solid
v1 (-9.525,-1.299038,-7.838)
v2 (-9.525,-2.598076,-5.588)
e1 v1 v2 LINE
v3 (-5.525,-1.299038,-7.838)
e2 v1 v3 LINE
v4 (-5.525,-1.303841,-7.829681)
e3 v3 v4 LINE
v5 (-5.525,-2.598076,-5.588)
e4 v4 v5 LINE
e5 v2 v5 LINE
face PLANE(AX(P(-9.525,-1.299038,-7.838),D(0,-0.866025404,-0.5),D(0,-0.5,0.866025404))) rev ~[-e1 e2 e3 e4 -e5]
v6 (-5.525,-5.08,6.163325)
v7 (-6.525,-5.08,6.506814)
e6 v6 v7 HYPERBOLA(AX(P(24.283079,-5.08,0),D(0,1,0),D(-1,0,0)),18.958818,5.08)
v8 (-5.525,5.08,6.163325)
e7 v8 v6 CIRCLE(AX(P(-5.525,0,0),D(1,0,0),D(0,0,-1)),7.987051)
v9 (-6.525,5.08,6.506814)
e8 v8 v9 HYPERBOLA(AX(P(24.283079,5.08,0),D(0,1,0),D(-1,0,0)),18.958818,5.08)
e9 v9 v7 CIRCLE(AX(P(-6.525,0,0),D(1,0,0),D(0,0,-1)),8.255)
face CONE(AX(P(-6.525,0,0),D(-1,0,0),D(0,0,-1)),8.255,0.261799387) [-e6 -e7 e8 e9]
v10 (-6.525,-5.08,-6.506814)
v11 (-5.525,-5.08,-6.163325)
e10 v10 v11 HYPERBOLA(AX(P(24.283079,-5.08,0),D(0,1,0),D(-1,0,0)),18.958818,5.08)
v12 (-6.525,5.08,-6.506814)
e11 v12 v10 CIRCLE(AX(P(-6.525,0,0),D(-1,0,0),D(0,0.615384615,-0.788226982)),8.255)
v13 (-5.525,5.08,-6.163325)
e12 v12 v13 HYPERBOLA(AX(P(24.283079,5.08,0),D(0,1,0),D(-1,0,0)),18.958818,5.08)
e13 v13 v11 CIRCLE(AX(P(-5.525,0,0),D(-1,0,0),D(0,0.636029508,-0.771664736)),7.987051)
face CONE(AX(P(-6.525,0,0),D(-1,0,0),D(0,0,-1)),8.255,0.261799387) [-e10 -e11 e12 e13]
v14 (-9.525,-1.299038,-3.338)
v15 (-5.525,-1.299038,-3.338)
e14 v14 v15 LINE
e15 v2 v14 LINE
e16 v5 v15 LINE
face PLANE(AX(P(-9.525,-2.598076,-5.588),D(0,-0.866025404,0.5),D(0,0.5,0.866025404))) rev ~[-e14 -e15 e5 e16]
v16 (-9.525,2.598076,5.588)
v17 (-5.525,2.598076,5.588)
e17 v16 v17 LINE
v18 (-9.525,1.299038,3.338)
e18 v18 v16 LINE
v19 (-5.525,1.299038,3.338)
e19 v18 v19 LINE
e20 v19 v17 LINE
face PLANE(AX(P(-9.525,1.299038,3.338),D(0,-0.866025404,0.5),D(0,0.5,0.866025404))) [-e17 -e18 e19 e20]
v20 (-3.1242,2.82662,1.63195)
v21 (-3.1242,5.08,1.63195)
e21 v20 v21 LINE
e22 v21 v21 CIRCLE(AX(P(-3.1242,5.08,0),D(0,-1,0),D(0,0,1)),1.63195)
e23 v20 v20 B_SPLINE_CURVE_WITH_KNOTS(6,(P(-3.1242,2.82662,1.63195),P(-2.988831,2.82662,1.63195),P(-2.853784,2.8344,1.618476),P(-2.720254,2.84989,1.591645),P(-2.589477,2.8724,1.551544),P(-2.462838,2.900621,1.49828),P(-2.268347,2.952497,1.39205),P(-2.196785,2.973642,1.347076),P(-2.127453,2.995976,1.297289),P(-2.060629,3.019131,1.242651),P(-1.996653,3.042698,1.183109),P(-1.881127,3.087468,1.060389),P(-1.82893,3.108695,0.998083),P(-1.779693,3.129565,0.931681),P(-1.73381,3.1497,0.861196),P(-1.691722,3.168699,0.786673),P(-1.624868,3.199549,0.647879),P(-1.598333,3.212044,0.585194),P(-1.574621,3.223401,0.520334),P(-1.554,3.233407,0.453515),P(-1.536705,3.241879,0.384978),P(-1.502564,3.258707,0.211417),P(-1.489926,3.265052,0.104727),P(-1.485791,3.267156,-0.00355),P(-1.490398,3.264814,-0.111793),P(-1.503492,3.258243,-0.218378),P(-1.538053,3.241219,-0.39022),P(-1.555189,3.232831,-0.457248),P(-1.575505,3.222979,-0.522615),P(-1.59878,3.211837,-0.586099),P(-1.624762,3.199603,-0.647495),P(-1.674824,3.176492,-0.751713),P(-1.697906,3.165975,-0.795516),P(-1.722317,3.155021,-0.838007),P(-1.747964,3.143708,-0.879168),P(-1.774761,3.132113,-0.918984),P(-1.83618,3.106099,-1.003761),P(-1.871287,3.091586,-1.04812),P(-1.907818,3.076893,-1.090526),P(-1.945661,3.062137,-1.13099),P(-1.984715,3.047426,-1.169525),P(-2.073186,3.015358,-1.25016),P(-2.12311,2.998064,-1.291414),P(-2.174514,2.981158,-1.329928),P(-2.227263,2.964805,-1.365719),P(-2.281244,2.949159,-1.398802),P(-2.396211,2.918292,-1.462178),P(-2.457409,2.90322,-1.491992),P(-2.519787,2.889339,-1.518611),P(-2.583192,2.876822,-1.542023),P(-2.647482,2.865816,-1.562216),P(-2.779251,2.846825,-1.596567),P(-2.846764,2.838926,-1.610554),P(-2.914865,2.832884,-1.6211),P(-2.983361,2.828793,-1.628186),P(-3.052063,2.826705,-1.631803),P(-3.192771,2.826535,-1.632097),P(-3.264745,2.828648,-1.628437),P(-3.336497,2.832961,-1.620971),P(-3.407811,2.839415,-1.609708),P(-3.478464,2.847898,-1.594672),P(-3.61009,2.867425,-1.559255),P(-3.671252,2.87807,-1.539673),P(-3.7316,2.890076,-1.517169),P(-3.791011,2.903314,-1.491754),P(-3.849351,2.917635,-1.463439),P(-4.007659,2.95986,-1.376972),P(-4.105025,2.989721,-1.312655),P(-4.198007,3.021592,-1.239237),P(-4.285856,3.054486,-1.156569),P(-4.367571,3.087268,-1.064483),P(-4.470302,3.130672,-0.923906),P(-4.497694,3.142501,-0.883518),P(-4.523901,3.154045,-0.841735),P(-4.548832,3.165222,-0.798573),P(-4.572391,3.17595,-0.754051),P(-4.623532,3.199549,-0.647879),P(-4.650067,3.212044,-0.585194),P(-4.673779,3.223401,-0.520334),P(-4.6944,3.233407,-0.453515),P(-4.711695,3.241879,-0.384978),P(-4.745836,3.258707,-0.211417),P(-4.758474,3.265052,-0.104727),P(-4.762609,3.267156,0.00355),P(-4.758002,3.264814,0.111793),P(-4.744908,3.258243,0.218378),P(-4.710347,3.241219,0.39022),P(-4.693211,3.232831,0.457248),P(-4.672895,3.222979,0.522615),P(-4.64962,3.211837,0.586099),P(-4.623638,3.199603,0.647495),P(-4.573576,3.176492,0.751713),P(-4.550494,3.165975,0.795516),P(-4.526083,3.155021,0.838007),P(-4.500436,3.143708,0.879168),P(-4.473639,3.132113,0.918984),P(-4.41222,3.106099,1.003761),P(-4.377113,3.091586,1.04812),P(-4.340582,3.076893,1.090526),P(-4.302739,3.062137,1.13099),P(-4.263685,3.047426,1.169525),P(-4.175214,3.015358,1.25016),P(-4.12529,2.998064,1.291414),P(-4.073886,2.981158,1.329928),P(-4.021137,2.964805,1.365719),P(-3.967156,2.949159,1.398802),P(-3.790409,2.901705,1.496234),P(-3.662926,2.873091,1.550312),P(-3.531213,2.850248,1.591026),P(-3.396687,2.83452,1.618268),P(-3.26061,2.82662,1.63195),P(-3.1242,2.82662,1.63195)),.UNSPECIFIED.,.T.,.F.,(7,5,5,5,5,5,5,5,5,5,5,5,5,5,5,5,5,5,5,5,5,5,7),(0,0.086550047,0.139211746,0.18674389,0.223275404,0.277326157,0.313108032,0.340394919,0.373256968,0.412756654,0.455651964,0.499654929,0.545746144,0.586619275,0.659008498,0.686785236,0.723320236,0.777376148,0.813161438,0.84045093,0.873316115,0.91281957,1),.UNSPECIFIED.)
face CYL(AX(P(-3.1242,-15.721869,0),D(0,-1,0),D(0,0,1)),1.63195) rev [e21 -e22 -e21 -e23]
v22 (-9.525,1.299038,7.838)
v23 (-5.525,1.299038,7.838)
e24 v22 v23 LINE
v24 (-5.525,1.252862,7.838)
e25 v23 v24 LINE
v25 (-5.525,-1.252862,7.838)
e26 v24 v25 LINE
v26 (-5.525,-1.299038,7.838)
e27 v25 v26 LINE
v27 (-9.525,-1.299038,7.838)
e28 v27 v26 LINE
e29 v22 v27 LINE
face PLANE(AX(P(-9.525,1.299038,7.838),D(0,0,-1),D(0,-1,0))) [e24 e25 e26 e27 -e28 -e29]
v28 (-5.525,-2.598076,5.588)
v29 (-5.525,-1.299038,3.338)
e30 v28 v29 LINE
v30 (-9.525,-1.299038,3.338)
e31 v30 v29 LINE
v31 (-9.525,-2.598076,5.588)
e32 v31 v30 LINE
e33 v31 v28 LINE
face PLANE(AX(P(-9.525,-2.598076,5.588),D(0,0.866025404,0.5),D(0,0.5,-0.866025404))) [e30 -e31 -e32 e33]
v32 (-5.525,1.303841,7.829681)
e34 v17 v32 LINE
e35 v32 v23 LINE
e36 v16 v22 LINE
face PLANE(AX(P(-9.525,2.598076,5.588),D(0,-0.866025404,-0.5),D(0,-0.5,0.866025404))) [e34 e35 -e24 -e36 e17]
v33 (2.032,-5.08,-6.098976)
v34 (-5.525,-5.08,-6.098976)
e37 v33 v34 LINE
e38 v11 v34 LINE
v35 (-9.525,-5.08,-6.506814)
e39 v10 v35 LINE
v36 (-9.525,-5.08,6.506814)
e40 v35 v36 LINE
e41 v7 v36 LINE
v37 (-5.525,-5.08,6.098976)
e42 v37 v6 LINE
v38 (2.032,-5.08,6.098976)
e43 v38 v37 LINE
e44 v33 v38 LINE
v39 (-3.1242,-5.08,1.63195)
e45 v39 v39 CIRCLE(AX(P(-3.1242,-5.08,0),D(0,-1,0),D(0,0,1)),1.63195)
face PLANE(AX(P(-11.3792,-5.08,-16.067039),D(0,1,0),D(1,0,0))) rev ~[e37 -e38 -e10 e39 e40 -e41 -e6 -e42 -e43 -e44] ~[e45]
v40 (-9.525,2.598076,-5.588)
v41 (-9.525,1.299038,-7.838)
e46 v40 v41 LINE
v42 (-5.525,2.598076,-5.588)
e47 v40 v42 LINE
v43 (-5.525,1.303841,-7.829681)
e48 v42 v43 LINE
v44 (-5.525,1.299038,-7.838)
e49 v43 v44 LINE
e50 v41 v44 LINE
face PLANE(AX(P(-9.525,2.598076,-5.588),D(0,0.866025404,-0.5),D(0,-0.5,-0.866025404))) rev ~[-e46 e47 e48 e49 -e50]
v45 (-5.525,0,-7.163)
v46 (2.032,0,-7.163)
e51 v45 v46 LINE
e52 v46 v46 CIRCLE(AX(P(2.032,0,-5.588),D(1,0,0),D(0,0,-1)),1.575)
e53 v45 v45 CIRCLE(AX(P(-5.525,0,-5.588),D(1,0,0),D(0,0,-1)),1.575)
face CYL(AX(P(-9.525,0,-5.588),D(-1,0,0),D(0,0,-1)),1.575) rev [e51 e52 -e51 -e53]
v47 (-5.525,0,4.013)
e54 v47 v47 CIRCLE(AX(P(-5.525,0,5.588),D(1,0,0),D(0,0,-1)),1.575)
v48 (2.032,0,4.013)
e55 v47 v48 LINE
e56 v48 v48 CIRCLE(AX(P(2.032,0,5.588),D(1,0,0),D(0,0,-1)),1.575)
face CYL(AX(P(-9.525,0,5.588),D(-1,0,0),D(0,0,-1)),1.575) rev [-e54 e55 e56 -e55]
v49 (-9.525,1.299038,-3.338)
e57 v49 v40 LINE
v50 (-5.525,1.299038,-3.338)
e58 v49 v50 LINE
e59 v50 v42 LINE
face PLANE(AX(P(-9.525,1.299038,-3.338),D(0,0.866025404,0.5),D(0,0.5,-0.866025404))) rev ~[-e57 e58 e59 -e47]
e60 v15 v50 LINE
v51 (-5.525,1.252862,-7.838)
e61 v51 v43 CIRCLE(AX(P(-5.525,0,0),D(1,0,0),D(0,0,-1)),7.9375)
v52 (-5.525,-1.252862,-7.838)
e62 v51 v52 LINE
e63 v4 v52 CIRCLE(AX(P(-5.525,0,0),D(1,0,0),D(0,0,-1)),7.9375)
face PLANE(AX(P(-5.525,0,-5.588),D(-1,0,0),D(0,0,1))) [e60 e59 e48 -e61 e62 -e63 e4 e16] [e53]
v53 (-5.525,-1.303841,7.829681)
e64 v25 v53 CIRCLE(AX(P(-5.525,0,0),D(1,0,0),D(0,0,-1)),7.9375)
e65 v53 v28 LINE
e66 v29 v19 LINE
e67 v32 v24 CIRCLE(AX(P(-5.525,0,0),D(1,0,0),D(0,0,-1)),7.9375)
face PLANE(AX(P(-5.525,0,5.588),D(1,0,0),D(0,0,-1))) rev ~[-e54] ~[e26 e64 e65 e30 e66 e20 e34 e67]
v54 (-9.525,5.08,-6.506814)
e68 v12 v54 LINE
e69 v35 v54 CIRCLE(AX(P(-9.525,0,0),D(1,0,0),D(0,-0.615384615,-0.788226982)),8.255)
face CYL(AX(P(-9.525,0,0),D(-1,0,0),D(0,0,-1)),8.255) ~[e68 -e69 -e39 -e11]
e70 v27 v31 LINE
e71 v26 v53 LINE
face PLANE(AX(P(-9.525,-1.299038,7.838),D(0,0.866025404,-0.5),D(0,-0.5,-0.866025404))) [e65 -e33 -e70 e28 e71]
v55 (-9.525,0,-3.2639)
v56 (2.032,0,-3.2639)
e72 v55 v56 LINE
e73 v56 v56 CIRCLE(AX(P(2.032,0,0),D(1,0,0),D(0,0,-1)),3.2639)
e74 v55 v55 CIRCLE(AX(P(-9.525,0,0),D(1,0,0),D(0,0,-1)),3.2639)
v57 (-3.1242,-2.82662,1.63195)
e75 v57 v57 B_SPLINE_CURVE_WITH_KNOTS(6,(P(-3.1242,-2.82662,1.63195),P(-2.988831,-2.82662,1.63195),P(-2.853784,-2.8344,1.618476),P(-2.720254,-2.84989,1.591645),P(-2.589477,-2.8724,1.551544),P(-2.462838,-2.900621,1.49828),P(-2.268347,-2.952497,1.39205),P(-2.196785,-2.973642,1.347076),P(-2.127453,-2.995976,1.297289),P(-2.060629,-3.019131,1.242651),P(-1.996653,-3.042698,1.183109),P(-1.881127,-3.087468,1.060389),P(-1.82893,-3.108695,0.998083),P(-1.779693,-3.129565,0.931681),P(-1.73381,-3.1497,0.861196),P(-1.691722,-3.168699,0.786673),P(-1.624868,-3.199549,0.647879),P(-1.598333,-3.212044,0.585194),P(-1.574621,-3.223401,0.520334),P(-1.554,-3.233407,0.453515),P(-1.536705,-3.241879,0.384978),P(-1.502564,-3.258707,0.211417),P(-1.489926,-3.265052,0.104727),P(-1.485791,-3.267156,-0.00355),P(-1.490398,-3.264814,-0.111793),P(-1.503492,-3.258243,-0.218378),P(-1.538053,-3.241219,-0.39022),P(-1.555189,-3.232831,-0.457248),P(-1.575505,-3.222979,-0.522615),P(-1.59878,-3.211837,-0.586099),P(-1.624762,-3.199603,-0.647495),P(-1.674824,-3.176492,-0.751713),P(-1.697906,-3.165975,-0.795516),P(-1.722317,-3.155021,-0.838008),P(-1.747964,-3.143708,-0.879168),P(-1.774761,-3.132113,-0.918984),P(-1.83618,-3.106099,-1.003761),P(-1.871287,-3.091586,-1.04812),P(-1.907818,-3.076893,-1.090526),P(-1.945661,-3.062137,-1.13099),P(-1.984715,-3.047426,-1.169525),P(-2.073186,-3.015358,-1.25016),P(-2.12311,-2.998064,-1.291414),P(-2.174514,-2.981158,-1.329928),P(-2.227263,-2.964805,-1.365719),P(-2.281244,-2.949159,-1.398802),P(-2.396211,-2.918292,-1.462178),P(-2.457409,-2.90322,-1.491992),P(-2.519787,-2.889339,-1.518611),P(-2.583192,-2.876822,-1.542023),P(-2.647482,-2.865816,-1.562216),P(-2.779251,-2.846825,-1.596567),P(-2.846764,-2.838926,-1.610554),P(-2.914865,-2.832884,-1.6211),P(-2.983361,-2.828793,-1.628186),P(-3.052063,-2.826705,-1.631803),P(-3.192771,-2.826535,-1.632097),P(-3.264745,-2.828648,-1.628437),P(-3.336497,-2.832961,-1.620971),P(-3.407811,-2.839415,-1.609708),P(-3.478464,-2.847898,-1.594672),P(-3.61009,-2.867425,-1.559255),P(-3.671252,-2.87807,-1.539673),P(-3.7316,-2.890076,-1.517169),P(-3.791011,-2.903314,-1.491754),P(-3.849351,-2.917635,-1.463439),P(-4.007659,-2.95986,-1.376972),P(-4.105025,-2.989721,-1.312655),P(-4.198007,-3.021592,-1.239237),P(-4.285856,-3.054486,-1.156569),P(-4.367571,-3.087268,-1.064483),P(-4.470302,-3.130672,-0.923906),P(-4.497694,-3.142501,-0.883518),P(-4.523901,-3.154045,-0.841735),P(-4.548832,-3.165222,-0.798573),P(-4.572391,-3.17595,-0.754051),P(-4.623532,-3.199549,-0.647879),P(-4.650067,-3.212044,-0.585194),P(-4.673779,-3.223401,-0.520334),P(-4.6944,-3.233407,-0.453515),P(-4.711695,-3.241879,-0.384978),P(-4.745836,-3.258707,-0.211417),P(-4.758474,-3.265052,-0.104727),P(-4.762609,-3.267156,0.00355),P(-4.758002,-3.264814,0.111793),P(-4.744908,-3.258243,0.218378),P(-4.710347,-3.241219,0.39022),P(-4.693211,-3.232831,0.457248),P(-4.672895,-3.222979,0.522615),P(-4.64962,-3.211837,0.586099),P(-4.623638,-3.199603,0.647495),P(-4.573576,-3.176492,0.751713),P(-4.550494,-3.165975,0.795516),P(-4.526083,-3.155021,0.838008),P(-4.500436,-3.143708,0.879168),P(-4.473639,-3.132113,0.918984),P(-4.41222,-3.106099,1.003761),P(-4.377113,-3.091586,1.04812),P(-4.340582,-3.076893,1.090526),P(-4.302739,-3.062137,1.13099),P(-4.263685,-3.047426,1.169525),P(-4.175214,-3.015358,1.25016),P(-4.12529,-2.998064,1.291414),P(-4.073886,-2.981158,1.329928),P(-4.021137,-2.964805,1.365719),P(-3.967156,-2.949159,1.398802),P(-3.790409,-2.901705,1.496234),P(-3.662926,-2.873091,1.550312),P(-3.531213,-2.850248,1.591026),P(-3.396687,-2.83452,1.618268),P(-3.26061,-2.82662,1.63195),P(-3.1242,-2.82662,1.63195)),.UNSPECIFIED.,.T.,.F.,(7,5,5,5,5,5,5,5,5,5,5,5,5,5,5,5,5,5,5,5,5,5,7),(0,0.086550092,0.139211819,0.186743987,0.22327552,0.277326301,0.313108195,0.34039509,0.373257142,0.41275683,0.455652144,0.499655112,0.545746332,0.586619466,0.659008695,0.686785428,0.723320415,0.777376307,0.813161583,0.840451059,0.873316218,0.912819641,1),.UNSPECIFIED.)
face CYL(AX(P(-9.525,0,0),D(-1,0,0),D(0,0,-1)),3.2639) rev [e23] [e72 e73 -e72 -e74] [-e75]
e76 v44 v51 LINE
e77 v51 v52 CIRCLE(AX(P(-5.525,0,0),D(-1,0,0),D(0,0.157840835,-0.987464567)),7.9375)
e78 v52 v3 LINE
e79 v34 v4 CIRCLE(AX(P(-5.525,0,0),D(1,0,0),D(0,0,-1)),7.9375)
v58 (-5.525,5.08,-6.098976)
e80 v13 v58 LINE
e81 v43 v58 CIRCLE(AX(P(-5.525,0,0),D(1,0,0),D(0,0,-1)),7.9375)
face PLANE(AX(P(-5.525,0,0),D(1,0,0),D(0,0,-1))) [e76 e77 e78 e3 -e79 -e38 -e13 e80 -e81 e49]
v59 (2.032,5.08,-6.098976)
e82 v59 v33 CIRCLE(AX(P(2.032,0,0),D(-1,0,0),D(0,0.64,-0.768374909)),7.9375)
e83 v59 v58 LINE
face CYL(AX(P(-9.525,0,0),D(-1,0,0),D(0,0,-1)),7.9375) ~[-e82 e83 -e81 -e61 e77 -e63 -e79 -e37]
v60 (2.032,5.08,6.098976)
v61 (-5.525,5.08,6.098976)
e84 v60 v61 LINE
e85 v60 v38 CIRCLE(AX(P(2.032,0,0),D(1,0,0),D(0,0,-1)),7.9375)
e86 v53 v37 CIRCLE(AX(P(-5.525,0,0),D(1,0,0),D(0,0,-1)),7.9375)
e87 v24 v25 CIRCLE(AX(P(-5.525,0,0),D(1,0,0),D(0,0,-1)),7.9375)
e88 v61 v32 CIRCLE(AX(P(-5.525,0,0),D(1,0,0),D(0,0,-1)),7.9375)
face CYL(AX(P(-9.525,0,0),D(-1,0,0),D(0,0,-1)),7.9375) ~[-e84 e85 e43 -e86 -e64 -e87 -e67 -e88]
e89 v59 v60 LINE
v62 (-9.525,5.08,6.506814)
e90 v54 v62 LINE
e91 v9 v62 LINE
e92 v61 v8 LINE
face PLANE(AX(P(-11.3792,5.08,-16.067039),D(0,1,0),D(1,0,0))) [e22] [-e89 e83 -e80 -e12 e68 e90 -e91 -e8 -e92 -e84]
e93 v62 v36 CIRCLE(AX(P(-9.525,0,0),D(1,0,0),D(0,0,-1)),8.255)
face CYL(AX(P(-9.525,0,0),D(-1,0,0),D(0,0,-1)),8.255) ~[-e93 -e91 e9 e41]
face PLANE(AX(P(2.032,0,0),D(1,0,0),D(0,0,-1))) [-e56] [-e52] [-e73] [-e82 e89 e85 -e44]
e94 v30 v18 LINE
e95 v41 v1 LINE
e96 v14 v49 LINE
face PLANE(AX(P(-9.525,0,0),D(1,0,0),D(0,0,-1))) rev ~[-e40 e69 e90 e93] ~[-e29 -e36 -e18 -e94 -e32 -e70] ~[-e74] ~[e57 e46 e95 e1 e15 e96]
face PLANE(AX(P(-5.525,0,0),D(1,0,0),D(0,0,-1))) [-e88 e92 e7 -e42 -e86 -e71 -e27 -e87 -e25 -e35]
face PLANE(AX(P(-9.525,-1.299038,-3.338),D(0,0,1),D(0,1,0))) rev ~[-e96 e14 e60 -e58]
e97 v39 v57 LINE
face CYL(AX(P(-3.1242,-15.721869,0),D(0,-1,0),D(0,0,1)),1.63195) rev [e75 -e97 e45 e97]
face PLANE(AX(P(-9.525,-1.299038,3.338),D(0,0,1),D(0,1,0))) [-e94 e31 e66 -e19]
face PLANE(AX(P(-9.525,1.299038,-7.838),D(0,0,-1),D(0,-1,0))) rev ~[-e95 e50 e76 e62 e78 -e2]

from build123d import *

# Parameters (mm, degrees)
SKETCH1_R                 = 7.9375
SKETCH1_R_2               = 1.575
SKETCH1_R_3               = 3.2639
INNER_SIDE_EXTRUDE_DEPTH  = 2.032
OUTER_START               = -9.525
SKETCH1_3_R               = 7.9375
SKETCH1_3_R_2             = 1.575
SKETCH1_3_R_3             = 3.2639
OUTER_SIDE_EXTRUDE_DEPTH  = 9.525
CLEVIS_PIN_CUT_DEPTH      = 15.721869362
CLEVIS_PIN_CUT_DEPTH_BACK = 15.721869362
SKETCH2_R                 = 1.63195
SKETCH3_R                 = 8.255
SKETCH3_R_2               = 7.9375
BOSS_EXTRUDE1_DEPTH       = 4
SKETCH4_R                 = 1.575
CUT_EXTRUDE1_DEPTH        = 4
CHAMFER1_SIZE             = 1
CHAMFER1_SIZE2            = 0.267949192
CUT_EXTRUDE2_DEPTH        = 16.067039421
CUT_EXTRUDE2_DEPTH_BACK   = 16.067039421
SKETCH5_W                 = 16.51
SKETCH5_H                 = 4.312866645


with BuildPart() as part:
    # Sketch1 → Inner Side Extrude (new body)
    with BuildSketch(Plane(origin=(0, 0, 0), x_dir=(0, 0, -1), z_dir=(1, 0, 0))):
        Circle(SKETCH1_R)
        with Locations((5.588, 0)):
            Circle(SKETCH1_R_2, mode=Mode.SUBTRACT)
        with Locations((-5.588, 0)):
            Circle(SKETCH1_R_2, mode=Mode.SUBTRACT)
        Circle(SKETCH1_R_3, mode=Mode.SUBTRACT)
    extrude(amount=INNER_SIDE_EXTRUDE_DEPTH)

    # Sketch1<3> → Outer Side Extrude (add)
    with BuildSketch(Plane(origin=(0, 0, 0), x_dir=(0, 0, -1), z_dir=(1, 0, 0)).offset(OUTER_START)):
        Circle(SKETCH1_3_R)
        with Locations((5.588, 0)):
            Circle(SKETCH1_3_R_2, mode=Mode.SUBTRACT)
        with Locations((-5.588, 0)):
            Circle(SKETCH1_3_R_2, mode=Mode.SUBTRACT)
        Circle(SKETCH1_3_R_3, mode=Mode.SUBTRACT)
    extrude(amount=OUTER_SIDE_EXTRUDE_DEPTH)

    # Sketch2 → Clevis Pin Cut (cut, two sides: drawn at the far end of the back side and taken through both)
    with BuildSketch(Plane(origin=(0, 0, 0), x_dir=(1, 0, 0), z_dir=(0, 1, 0)).offset(-CLEVIS_PIN_CUT_DEPTH_BACK)):
        with Locations((-3.1242, 0)):
            Circle(SKETCH2_R)
    extrude(amount=CLEVIS_PIN_CUT_DEPTH + CLEVIS_PIN_CUT_DEPTH_BACK, mode=Mode.SUBTRACT)

    # Sketch3 → Boss-Extrude1 (add)
    with BuildSketch(Plane(origin=(-9.525, 0, 0), x_dir=(0, 0, -1), z_dir=(1, 0, 0))):
        Circle(SKETCH3_R)
        Circle(SKETCH3_R_2, mode=Mode.SUBTRACT)
    extrude(amount=BOSS_EXTRUDE1_DEPTH)

    # Sketch4 → Cut-Extrude1 (cut)
    # profile 1 of 2: a face of its own
    with BuildSketch(Plane(origin=(-9.525, 0, 0), x_dir=(0, 0, -1), z_dir=(1, 0, 0))):
        Polygon((-3.338, 1.299038106), (-5.588, 2.598076211), (-7.838, 1.299038106), (-7.838, -1.299038106), (-5.588, -2.598076211), (-3.338, -1.299038106), align=None)
        with Locations((-5.588, 0)):
            Circle(SKETCH4_R, mode=Mode.SUBTRACT)
    # profile 2 of 2: a face of its own
    with BuildSketch(Plane(origin=(-9.525, 0, 0), x_dir=(0, 0, -1), z_dir=(1, 0, 0))):
        Polygon((5.588, 2.598076211), (3.338, 1.299038106), (3.338, -1.299038106), (5.588, -2.598076211), (7.838, -1.299038106), (7.838, 1.299038106), align=None)
        with Locations((5.588, 0)):
            Circle(SKETCH4_R, mode=Mode.SUBTRACT)
    extrude(amount=CUT_EXTRUDE1_DEPTH, mode=Mode.SUBTRACT)

    # Chamfer1
    chamfer1_edges = [part.edges().sort_by_distance(p)[0] for p in [
        (-5.525, 0, 8.255),
    ]]
    chamfer1_side = [part.faces().sort_by_distance(p)[0] for p in [
        (-7.525, 0, 8.255),
    ]]
    chamfer(chamfer1_edges, length=CHAMFER1_SIZE, length2=CHAMFER1_SIZE2, reference=chamfer1_side[0])

    # Sketch5 → Cut-Extrude2 (cut, two sides: drawn at the far end of the back side and taken through both)
    with BuildSketch(Plane.XY.offset(-CUT_EXTRUDE2_DEPTH_BACK)):
        with Locations((-3.1242, 7.236433322)):
            Rectangle(SKETCH5_W, SKETCH5_H)
        with Locations((-3.1242, -7.236433322)):
            Rectangle(SKETCH5_W, SKETCH5_H)
    extrude(amount=CUT_EXTRUDE2_DEPTH + CUT_EXTRUDE2_DEPTH_BACK, mode=Mode.SUBTRACT)


solid = part.part
